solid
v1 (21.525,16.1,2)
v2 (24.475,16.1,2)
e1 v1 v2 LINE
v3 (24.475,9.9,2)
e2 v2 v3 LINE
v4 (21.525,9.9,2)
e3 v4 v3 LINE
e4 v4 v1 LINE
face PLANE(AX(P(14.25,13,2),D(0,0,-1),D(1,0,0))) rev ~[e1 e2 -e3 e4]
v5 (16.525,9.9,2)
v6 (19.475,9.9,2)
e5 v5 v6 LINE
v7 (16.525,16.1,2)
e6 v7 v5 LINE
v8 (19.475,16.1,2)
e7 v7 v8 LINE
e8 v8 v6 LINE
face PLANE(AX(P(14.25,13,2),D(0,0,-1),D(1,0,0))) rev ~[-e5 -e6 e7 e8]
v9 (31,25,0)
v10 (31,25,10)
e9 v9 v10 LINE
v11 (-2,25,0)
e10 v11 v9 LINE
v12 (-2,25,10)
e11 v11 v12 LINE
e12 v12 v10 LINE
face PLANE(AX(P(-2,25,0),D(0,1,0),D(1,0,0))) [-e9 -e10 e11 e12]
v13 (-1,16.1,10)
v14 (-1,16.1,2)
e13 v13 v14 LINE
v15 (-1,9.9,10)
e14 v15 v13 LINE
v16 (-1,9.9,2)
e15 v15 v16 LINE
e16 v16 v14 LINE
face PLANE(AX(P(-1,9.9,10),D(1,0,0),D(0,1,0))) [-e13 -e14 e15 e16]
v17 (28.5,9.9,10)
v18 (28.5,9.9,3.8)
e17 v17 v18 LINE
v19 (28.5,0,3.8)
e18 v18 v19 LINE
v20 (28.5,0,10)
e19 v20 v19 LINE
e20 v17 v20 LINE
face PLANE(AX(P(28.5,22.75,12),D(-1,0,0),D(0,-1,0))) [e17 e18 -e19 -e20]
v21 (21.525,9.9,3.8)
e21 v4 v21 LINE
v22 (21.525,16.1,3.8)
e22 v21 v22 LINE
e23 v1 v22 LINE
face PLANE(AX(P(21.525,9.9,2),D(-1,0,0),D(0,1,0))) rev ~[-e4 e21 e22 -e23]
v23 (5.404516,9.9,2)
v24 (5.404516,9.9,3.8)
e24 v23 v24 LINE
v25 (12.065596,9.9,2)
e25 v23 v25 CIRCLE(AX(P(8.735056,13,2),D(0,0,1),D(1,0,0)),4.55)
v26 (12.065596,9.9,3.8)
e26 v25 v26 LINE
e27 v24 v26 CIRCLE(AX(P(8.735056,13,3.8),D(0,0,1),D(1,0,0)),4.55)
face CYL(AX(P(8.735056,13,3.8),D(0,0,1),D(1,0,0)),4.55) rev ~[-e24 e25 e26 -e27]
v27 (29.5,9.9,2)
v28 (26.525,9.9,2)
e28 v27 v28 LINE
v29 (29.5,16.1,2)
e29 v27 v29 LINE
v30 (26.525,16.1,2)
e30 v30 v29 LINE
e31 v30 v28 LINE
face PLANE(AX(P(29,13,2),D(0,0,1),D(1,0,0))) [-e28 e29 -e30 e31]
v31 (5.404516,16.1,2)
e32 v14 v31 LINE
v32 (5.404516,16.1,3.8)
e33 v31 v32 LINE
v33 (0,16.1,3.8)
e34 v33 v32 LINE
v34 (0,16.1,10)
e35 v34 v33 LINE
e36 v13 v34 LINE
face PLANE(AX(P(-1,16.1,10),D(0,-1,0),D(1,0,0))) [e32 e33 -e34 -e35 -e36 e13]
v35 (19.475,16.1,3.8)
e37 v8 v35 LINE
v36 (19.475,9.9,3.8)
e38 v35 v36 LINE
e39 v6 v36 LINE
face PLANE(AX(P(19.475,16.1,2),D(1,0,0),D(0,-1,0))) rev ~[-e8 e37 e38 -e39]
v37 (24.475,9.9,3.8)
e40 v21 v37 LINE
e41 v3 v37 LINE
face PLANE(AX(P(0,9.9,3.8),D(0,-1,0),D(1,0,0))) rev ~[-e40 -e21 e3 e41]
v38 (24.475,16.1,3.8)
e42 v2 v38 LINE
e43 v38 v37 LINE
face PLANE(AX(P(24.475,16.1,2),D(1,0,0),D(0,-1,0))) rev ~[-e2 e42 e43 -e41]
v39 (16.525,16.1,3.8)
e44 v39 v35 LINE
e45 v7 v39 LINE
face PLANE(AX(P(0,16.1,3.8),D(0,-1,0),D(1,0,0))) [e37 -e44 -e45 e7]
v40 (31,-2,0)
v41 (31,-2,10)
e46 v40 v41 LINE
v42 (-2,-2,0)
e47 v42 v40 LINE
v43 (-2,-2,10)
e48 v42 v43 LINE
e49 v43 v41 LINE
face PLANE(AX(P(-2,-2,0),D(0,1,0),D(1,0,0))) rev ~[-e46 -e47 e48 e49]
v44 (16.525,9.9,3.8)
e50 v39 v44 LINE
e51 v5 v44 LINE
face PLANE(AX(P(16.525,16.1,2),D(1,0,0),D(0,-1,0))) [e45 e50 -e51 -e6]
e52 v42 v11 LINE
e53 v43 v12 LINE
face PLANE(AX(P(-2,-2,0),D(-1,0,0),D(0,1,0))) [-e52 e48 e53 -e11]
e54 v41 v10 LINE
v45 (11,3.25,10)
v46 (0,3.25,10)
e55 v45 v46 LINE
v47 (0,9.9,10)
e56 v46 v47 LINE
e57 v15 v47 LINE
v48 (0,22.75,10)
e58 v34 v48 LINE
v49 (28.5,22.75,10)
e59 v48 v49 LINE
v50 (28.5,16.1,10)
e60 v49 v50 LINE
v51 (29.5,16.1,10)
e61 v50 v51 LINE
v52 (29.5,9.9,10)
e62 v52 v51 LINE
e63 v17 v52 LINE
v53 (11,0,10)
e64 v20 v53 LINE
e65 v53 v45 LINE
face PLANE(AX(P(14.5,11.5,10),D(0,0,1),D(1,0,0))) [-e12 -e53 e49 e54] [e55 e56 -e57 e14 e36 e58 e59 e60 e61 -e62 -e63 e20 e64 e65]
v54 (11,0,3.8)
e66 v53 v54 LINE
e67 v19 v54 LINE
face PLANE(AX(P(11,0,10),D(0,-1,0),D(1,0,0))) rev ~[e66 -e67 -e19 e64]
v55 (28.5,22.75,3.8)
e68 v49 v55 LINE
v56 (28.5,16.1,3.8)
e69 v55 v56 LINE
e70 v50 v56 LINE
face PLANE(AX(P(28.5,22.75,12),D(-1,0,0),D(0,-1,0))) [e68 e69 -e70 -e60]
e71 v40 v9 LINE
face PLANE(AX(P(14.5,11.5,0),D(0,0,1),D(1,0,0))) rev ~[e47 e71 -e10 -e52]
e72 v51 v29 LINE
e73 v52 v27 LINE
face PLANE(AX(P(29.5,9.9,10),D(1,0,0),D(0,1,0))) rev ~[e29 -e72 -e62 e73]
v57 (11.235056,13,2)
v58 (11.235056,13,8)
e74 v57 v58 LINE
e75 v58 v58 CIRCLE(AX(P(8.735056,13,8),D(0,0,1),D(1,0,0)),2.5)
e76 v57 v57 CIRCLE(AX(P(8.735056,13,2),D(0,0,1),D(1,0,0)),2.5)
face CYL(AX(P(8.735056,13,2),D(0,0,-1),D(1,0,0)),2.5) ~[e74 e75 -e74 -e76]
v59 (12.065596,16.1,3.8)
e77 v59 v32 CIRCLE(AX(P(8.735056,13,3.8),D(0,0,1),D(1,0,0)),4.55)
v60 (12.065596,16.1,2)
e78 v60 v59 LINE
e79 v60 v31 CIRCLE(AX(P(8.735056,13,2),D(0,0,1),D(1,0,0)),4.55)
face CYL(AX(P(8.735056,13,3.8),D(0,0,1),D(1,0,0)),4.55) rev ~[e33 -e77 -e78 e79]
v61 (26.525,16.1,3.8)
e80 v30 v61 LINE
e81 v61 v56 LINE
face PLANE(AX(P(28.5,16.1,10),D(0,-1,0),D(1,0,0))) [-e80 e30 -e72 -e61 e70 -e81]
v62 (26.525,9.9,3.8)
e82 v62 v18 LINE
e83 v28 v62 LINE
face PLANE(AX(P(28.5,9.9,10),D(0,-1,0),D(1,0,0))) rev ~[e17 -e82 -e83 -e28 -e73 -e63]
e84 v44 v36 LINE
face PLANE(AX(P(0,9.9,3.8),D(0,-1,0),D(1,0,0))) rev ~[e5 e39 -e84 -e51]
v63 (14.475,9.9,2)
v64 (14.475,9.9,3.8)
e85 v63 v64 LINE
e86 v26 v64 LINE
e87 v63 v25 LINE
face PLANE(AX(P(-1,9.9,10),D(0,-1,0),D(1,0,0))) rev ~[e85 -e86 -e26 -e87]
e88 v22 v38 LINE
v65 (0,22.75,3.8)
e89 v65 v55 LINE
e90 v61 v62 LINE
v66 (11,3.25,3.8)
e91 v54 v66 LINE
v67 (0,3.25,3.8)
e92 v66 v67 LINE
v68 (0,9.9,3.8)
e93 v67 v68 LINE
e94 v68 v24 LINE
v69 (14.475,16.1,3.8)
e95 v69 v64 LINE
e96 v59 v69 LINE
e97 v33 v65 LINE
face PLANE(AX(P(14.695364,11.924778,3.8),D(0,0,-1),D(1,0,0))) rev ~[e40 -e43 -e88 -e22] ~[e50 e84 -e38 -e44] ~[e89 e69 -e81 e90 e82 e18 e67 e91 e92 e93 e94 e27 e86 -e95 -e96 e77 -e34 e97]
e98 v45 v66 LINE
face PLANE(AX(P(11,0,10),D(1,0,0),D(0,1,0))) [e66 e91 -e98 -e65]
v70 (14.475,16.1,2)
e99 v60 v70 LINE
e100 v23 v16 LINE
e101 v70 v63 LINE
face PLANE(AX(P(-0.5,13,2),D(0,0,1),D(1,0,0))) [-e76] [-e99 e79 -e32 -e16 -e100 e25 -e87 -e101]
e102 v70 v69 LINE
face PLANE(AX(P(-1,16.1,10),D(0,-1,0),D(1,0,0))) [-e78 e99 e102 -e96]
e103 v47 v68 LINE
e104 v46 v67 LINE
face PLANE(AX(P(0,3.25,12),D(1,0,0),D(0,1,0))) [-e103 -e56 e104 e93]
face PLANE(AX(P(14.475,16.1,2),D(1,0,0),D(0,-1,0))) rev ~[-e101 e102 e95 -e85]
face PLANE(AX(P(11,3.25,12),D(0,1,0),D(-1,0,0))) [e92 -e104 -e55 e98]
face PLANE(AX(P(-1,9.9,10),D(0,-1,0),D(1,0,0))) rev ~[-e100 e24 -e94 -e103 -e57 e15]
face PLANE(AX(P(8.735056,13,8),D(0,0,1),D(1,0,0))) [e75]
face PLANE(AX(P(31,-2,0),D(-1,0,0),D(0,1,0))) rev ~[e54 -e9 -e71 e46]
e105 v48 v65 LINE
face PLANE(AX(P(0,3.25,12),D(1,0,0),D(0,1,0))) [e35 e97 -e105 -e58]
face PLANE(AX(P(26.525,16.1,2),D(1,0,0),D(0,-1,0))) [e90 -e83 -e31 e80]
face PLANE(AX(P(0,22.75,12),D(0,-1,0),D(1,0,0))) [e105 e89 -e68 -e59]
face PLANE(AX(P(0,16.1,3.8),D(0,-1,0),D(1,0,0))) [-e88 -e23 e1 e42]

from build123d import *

# Parameters (mm, degrees)
PAD004_DEPTH             = 8.2
SKETCH014_W              = 28.5
SKETCH014_H              = 6.2
PAD005_DEPTH             = 1.8
SKETCH015_R              = 2.9
POCKET004_DEPTH          = 0.6
SKETCH016_W              = 2.05
SKETCH016_H              = 6.2
POCKET005_DEPTH          = 1.8
CLONE012_PLACEMENT_ANGLE = 180
BOX_W                    = 33
BOX_H                    = 27
BOX_DEPTH                = 10
SKETCH_W                 = 3
SKETCH_H                 = 3.25
POCKET009_DEPTH          = 6.2
SKETCH021_W              = 1
SKETCH021_H              = 6.2
POCKET010_DEPTH          = 8
SKETCH022_R              = 4.55
POCKET011_DEPTH          = 1.8
SKETCH023_R              = 2.5
PAD_DEPTH                = 6


with BuildPart() as body011:
    # Sketch013 → Pad004 (new body)
    with BuildSketch(Plane.XY):
        with BuildLine():
            Line((0, 0), (28.5, 0))
            Line((28.5, 0), (28.5, 22.75))
            Line((28.5, 22.75), (14, 22.75))
            Line((14, 22.75), (14, 22.5))
            ThreePointArc((11, 19.5), (13.12132, 20.37868), (14, 22.5))
            Line((11, 19.5), (0, 19.5))
            Line((0, 19.5), (0, 0))
        make_face()
    extrude(amount=PAD004_DEPTH)

    # Sketch014 (on Face9 of Pad004) → Pad005 (join)
    with BuildSketch(Plane.XY.offset(8.2)):
        with Locations((14.25, 9.75)):
            Rectangle(SKETCH014_W, SKETCH014_H)
    extrude(amount=PAD005_DEPTH)

    # Sketch015 (on Face11 of Pad005) → Pocket004 (cut)
    with BuildSketch(Plane.XY.offset(10)):
        with Locations((8.735056, 9.75)):
            Circle(SKETCH015_R)
    extrude(amount=-POCKET004_DEPTH, mode=Mode.SUBTRACT)

    # Sketch016 (on Face10 of Pocket004) → Pocket005 (cut)
    with BuildSketch(Plane.XY.offset(10)):
        with Locations((15.5, 9.75)):
            Rectangle(SKETCH016_W, SKETCH016_H)
        Polygon((21.525, 12.85), (21.525, 6.65), (19.475, 6.65), (19.475, 12.85), (20.5, 12.85), align=None)
        with Locations((25.5, 9.75)):
            Rectangle(SKETCH016_W, SKETCH016_H)
    extrude(amount=-POCKET005_DEPTH, mode=Mode.SUBTRACT)


with BuildPart() as body011_1:
    # Clone012 placement: moved
    add(body011.part.moved(Location((0, 22.75, 12))).rotate(Axis((0, 22.75, 12), (1, 0, 0)), CLONE012_PLACEMENT_ANGLE))


with BuildPart() as model_body012:
    # Box → Box (new body)
    with BuildSketch(Plane(origin=(-2, -2, 0), x_dir=(1, 0, 0), z_dir=(0, 0, 1))):
        with Locations((16.5, 13.5)):
            Rectangle(BOX_W, BOX_H)
    extrude(amount=BOX_DEPTH)

    # Cut: cut Body011
    add(body011_1.part, mode=Mode.SUBTRACT)

    # Sketch (on Face3 of BaseFeature001) → Pocket009 (cut)
    with BuildSketch(Plane.XY.offset(10)):
        with Locations((12.5, 1.625)):
            Rectangle(SKETCH_W, SKETCH_H)
    extrude(amount=-POCKET009_DEPTH, mode=Mode.SUBTRACT)

    # Sketch021 (on Face3 of Pocket009) → Pocket010 (cut)
    with BuildSketch(Plane.XY.offset(10)):
        with Locations((-0.5, 13)):
            Rectangle(SKETCH021_W, SKETCH021_H)
        with Locations((29, 13)):
            Rectangle(SKETCH021_W, SKETCH021_H)
    extrude(amount=-POCKET010_DEPTH, mode=Mode.SUBTRACT)

    # Sketch022 (on Face17 of Pocket010) → Pocket011 (cut)
    with BuildSketch(Plane.XY.offset(3.8)):
        with Locations((8.735056, 13)):
            Circle(SKETCH022_R)
    extrude(amount=-POCKET011_DEPTH, mode=Mode.SUBTRACT)

    # Sketch023 (on Face39 of Pocket011) → Pad (join)
    with BuildSketch(Plane.XY.offset(2)):
        with Locations((8.735056, 13)):
            Circle(SKETCH023_R)
    extrude(amount=PAD_DEPTH)


solid = model_body012.part
